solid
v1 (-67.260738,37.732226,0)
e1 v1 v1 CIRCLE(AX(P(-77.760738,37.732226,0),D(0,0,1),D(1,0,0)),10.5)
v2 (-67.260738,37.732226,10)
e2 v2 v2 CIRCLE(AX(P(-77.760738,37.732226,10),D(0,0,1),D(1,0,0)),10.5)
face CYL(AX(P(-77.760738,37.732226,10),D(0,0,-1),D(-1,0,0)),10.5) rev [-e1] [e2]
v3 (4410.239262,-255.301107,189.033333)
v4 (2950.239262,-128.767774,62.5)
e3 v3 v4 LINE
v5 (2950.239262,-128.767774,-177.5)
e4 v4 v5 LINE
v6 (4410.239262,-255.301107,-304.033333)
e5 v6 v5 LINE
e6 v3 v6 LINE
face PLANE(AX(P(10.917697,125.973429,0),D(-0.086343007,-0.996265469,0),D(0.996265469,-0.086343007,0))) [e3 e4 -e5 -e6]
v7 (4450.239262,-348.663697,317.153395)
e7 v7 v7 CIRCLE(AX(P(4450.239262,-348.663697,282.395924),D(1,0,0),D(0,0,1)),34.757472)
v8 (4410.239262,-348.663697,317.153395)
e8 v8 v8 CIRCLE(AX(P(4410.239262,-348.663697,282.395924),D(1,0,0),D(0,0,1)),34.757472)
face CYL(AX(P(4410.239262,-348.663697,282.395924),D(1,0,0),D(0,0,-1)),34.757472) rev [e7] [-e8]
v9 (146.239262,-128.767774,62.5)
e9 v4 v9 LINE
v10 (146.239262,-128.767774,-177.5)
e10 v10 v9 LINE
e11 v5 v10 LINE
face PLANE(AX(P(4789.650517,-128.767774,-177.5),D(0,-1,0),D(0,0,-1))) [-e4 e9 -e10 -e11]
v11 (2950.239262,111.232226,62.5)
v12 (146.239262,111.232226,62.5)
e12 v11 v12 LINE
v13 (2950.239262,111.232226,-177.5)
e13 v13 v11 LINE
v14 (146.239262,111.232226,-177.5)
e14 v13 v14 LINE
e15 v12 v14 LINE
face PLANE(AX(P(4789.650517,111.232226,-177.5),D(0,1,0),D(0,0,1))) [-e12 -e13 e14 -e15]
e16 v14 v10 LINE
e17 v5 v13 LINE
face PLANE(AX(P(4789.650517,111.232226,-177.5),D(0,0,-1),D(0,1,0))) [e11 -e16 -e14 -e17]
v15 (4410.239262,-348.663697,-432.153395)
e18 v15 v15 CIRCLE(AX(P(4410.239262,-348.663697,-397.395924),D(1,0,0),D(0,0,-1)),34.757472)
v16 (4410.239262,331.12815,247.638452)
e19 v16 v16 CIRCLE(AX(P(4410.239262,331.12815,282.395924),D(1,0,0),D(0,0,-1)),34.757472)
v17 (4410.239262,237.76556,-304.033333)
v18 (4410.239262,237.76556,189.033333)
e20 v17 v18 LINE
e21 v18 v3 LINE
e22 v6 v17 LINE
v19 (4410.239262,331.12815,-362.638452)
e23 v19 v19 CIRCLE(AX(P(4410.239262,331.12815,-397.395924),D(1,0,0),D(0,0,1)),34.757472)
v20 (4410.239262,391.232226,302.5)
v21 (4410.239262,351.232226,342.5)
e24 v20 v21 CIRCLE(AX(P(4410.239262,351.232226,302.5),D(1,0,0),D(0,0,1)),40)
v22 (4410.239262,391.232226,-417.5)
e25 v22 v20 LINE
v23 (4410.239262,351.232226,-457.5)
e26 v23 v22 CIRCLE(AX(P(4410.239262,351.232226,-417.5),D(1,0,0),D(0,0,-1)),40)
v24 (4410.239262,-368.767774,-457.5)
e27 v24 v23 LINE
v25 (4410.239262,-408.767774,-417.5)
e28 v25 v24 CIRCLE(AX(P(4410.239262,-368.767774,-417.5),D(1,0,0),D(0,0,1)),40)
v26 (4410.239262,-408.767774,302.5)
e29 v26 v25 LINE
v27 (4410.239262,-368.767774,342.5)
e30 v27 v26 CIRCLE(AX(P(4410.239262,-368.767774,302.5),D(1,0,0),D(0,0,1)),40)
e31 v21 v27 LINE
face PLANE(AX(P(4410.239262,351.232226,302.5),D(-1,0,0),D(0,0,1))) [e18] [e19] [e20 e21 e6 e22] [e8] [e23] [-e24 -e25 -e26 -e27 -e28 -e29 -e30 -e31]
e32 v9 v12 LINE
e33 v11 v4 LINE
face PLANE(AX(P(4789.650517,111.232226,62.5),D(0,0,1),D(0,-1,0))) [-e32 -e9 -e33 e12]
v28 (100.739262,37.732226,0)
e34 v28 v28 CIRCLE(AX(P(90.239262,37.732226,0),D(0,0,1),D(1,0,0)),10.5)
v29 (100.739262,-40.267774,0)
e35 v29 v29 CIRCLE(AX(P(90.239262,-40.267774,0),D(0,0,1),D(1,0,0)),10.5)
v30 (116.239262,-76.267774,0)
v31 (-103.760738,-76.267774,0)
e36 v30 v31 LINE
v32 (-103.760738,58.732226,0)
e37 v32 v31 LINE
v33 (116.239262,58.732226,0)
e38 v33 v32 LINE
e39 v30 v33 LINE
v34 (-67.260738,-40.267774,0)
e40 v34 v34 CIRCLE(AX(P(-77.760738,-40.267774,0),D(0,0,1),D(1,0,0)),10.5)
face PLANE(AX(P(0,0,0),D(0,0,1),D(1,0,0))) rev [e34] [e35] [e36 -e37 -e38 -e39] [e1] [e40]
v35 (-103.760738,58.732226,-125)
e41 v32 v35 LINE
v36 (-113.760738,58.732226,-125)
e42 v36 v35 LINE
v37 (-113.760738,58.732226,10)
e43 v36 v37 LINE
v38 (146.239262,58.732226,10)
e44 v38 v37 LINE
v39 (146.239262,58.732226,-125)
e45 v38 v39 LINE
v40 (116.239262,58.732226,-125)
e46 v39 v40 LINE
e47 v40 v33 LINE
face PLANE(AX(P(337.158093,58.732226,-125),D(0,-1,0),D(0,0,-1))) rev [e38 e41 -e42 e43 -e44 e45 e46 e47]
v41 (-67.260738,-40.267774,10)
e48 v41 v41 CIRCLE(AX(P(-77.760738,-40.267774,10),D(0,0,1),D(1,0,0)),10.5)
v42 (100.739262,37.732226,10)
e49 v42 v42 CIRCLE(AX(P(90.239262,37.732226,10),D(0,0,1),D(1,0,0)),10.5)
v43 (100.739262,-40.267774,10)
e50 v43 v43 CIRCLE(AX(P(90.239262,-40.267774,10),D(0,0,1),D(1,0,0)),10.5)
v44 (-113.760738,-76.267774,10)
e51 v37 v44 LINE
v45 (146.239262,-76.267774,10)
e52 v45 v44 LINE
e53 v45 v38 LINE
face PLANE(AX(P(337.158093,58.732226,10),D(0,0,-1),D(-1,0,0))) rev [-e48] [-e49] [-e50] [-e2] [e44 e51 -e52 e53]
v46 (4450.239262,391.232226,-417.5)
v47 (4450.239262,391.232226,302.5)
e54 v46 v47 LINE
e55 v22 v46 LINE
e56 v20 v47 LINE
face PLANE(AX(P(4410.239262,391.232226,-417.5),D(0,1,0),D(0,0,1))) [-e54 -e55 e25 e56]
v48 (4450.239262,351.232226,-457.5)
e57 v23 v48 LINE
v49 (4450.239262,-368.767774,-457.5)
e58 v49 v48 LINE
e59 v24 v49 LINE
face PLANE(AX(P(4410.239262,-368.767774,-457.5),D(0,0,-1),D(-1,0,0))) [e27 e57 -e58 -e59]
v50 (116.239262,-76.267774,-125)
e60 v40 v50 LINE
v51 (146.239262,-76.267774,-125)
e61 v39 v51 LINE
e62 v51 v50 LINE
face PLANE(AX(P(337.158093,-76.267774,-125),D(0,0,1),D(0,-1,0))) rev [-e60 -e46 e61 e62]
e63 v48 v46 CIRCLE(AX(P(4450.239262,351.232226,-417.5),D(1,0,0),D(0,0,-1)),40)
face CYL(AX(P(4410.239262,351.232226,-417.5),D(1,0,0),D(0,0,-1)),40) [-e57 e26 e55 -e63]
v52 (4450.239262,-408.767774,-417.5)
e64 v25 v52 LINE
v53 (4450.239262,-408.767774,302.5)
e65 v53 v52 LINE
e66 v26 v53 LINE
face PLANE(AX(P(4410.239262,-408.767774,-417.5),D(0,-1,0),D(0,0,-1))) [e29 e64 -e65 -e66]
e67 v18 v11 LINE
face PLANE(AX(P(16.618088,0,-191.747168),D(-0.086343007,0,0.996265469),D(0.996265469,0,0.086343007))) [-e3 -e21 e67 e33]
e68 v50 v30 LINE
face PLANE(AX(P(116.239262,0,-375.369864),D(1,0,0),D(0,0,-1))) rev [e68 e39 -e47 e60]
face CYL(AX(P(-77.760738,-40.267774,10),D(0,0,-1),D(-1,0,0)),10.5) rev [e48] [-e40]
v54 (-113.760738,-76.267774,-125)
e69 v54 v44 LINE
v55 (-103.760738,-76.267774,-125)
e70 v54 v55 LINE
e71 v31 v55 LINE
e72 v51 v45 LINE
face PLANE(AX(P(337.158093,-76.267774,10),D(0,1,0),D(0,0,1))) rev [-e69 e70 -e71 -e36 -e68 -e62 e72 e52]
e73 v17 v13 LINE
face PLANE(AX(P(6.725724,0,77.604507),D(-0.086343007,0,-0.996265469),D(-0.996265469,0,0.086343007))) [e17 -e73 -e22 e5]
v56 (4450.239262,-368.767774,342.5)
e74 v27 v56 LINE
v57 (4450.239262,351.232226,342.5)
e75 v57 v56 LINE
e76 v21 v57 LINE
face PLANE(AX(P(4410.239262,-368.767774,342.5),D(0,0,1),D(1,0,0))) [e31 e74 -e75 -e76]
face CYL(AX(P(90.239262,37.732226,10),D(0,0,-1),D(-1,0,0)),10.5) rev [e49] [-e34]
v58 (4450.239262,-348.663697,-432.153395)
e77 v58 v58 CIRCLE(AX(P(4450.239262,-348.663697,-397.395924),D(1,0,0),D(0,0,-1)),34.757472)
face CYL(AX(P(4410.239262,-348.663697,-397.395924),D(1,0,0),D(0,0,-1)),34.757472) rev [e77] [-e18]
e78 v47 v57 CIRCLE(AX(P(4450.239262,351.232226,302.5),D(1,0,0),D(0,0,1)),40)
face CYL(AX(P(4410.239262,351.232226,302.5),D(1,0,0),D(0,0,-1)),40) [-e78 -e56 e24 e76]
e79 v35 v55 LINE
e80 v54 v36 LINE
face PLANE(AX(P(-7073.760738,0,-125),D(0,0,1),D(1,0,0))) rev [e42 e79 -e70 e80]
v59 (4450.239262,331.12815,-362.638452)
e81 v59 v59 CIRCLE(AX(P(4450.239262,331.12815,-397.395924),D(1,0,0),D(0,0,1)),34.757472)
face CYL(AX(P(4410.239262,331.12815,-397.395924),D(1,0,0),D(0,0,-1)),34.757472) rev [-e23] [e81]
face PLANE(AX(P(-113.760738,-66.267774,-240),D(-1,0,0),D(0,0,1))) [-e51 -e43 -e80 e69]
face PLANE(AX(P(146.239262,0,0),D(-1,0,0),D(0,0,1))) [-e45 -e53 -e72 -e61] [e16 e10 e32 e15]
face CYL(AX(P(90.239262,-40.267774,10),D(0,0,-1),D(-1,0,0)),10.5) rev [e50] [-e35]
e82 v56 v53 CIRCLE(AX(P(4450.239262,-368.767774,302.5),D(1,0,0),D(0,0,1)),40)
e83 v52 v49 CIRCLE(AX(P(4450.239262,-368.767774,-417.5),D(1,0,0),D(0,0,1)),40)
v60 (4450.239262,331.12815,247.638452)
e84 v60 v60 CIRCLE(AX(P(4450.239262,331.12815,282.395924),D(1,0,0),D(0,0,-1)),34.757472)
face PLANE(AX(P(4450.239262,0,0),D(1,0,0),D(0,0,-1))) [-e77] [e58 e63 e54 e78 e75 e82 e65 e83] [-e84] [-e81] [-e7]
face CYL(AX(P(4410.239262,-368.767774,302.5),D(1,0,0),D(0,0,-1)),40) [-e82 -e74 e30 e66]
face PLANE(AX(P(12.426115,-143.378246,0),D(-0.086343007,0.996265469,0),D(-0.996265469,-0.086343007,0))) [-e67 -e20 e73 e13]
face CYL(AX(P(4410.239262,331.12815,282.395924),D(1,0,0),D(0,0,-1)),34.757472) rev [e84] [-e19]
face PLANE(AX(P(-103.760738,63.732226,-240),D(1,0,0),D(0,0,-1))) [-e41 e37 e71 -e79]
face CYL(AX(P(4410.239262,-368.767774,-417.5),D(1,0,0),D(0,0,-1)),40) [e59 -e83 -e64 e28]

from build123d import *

# Parameters (mm, degrees)
SKETCH1_W            = 220
SKETCH1_H            = 130
SKETCH1_R            = 10.5
BOSS_EXTRUDE1_DEPTH  = 10
BOSS_EXTRUDE2_DEPTH  = 250
CUT_EXTRUDE1_DEPTH   = 5
SKETCH4_W            = 10
SKETCH4_H            = 135
BOSS_EXTRUDE3_DEPTH  = 250
SKETCH5_W            = 250
SKETCH5_H            = 135
BOSS_EXTRUDE4_DEPTH  = 2800
SKETCH8_W            = 115
SKETCH8_H            = 135
CUT_EXTRUDE2_DEPTH   = 10000
SKETCH12_W           = 170
SKETCH12_H           = 170
BOSS_EXTRUDE6_DEPTH  = 2800
CUT_EXTRUDE3_DEPTH   = 50
SKETCH15_W           = 170
SKETCH15_H           = 170
BOSS_EXTRUDE7_DEPTH  = 1524
SKETCH16_W           = 240
SKETCH16_H           = 240
BOSS_EXTRUDE8_DEPTH  = 4324
SKETCH17_W           = 240
SKETCH17_H           = 240
CUT_EXTRUDE4_DEPTH   = 20
SKETCH18_W           = 135
SKETCH18_H           = 135
BOSS_EXTRUDE9_DEPTH  = 20
SKETCH19_W           = 500
SKETCH19_H           = 500
SKETCH20_W           = 240
SKETCH20_H           = 240
SKETCH21_R           = 34.757471725
BOSS_EXTRUDE10_DEPTH = 40


with BuildPart() as part:
    # Sketch1 → Boss-Extrude1 (new body)
    with BuildSketch(Plane.XY):
        with Locations((6.239262286, -1.26777364)):
            Rectangle(SKETCH1_W, SKETCH1_H)
        with Locations((90.239262286, -40.26777364)):
            Circle(SKETCH1_R, mode=Mode.SUBTRACT)
        with Locations((-77.760737714, -40.26777364)):
            Circle(SKETCH1_R, mode=Mode.SUBTRACT)
        with Locations((-77.760737714, 37.73222636)):
            Circle(SKETCH1_R, mode=Mode.SUBTRACT)
        with Locations((90.239262286, 37.73222636)):
            Circle(SKETCH1_R, mode=Mode.SUBTRACT)
    extrude(amount=BOSS_EXTRUDE1_DEPTH)

    # Sketch2 → Boss-Extrude2 (add)
    with BuildSketch(Plane.XY.offset(10)):
        Polygon((-103.760737714, 63.73222636), (-113.760737714, 63.73222636), (-113.760737714, -66.26777364), (-113.760737714, -76.26777364), (116.239262286, -76.26777364), (116.239262286, -66.26777364), (-103.760737714, -66.26777364), align=None)
    extrude(amount=-BOSS_EXTRUDE2_DEPTH)

    # Sketch3 → Cut-Extrude1 (cut)
    with BuildSketch(Plane(origin=(0, 63.73222636, 0), x_dir=(1, 0, 0), z_dir=(0, 1, 0))):
        Polygon((116.239262286, 0), (-103.760737714, 0), (-103.760737714, 240), (-113.760737714, 240), (-113.760737714, -10), (116.239262286, -10), align=None)
    extrude(amount=-CUT_EXTRUDE1_DEPTH, mode=Mode.SUBTRACT)

    # Sketch4 → Boss-Extrude3 (add)
    with BuildSketch(Plane.XY.offset(10)):
        with Locations((121.239262286, -8.76777364)):
            Rectangle(SKETCH4_W, SKETCH4_H)
    extrude(amount=-BOSS_EXTRUDE3_DEPTH)


with BuildPart() as body_2:
    # Sketch5 → Boss-Extrude4 (new body)
    with BuildSketch(Plane(origin=(126.239262286, 0, 0), x_dir=(0, 0, -1), z_dir=(1, 0, 0))):
        with Locations((115, -8.76777364)):
            Rectangle(SKETCH5_W, SKETCH5_H)
    extrude(amount=BOSS_EXTRUDE4_DEPTH)


with BuildPart() as cut_extrude2_tool:
    # Sketch8 → Cut-Extrude2 (new body)
    with BuildSketch(Plane(origin=(2926.239262286, 0, 0), x_dir=(0, 0, -1), z_dir=(1, 0, 0))):
        with Locations((182.5, -8.76777364)):
            Rectangle(SKETCH8_W, SKETCH8_H)
    extrude(amount=-CUT_EXTRUDE2_DEPTH)


with BuildPart() as part_1:
    add(part.part)

    # Cut-Extrude2: cut by cut_extrude2_tool
    add(cut_extrude2_tool.part, mode=Mode.SUBTRACT)



with BuildPart() as body_2_1:
    add(body_2.part)

    # Cut-Extrude2: cut by cut_extrude2_tool
    add(cut_extrude2_tool.part, mode=Mode.SUBTRACT)


with BuildPart() as part_2:
    add(part_1.part)

    add(body_2_1.part)  # Boss-Extrude6 merges body 2
    # Sketch12 → Boss-Extrude6 (add)
    with BuildSketch(Plane(origin=(2926.239262286, 0, 0), x_dir=(0, 0, -1), z_dir=(1, 0, 0))):
        with Locations((57.5, -8.76777364)):
            Rectangle(SKETCH12_W, SKETCH12_H)
    extrude(amount=-BOSS_EXTRUDE6_DEPTH)

    # Sketch14 → Cut-Extrude3 (cut)
    with BuildSketch(Plane.XZ.offset(76.26777364)):
        Polygon((-103.760737714, 0), (116.239262286, 0), (116.239262286, -115), (116.239262286, -125), (-103.760737714, -125), (-103.760737714, -115), align=None)
    extrude(amount=-CUT_EXTRUDE3_DEPTH, mode=Mode.SUBTRACT)

    # Sketch15 → Boss-Extrude7 (add)
    with BuildSketch(Plane(origin=(2926.239262286, 0, 0), x_dir=(0, 0, -1), z_dir=(1, 0, 0))):
        with Locations((57.5, -8.76777364)):
            Rectangle(SKETCH15_W, SKETCH15_H)
    extrude(amount=BOSS_EXTRUDE7_DEPTH)

    # Sketch16 → Boss-Extrude8 (add)
    with BuildSketch(Plane.ZY.offset(-126.239262286)):
        with Locations((-57.5, -8.76777364)):
            Rectangle(SKETCH16_W, SKETCH16_H)
    extrude(amount=-BOSS_EXTRUDE8_DEPTH)

    # Sketch17 → Cut-Extrude4 (cut)
    with BuildSketch(Plane.ZY.offset(-126.239262286)):
        with Locations((-57.5, -8.76777364)):
            Rectangle(SKETCH17_W, SKETCH17_H)
    extrude(amount=-CUT_EXTRUDE4_DEPTH, mode=Mode.SUBTRACT)

    # Sketch18 → Boss-Extrude9 (add)
    with BuildSketch(Plane(origin=(126.239262286, 0, 0), x_dir=(0, 0, -1), z_dir=(1, 0, 0))):
        with Locations((57.5, -8.76777364)):
            Rectangle(SKETCH18_W, SKETCH18_H)
    extrude(amount=BOSS_EXTRUDE9_DEPTH)

    # Sketch19 → Loft1 section 0
    with BuildSketch(Plane(origin=(4450.239262286, 0, 0), x_dir=(0, 0, -1), z_dir=(1, 0, 0))):
        with Locations((57.5, -8.76777364)):
            Rectangle(SKETCH19_W, SKETCH19_H)
    # Sketch20 → Loft1 section 1
    with BuildSketch(Plane(origin=(2950.239262286, 0, 0), x_dir=(0, 0, -1), z_dir=(1, 0, 0))):
        with Locations((57.5, -8.76777364)):
            Rectangle(SKETCH20_W, SKETCH20_H)
    loft()

    # Sketch21 → Boss-Extrude10 (add)
    with BuildSketch(Plane(origin=(4450.239262286, 0, 0), x_dir=(0, 0, -1), z_dir=(1, 0, 0))):
        with BuildLine():
            Line((417.5, -408.76777364), (-302.5, -408.76777364))
            ThreePointArc((-302.5, -408.76777364), (-330.784271247, -397.052044888), (-342.5, -368.76777364))
            Line((-342.5, -368.76777364), (-342.5, 351.23222636))
            ThreePointArc((-342.5, 351.23222636), (-330.784271247, 379.516497607), (-302.5, 391.23222636))
            Line((-302.5, 391.23222636), (417.5, 391.23222636))
            ThreePointArc((417.5, 391.23222636), (445.784271247, 379.516497607), (457.5, 351.23222636))
            Line((457.5, 351.23222636), (457.5, -368.76777364))
            ThreePointArc((457.5, -368.76777364), (445.784271247, -397.052044888), (417.5, -408.76777364))
        make_face()
        with Locations((397.395923599, -348.663697239)):
            Circle(SKETCH21_R, mode=Mode.SUBTRACT)
        with Locations((-282.395923599, -348.663697239)):
            Circle(SKETCH21_R, mode=Mode.SUBTRACT)
        with Locations((-282.395923599, 331.128149959)):
            Circle(SKETCH21_R, mode=Mode.SUBTRACT)
        with Locations((397.395923599, 331.128149959)):
            Circle(SKETCH21_R, mode=Mode.SUBTRACT)
    extrude(amount=-BOSS_EXTRUDE10_DEPTH)


solid = part_2.part
